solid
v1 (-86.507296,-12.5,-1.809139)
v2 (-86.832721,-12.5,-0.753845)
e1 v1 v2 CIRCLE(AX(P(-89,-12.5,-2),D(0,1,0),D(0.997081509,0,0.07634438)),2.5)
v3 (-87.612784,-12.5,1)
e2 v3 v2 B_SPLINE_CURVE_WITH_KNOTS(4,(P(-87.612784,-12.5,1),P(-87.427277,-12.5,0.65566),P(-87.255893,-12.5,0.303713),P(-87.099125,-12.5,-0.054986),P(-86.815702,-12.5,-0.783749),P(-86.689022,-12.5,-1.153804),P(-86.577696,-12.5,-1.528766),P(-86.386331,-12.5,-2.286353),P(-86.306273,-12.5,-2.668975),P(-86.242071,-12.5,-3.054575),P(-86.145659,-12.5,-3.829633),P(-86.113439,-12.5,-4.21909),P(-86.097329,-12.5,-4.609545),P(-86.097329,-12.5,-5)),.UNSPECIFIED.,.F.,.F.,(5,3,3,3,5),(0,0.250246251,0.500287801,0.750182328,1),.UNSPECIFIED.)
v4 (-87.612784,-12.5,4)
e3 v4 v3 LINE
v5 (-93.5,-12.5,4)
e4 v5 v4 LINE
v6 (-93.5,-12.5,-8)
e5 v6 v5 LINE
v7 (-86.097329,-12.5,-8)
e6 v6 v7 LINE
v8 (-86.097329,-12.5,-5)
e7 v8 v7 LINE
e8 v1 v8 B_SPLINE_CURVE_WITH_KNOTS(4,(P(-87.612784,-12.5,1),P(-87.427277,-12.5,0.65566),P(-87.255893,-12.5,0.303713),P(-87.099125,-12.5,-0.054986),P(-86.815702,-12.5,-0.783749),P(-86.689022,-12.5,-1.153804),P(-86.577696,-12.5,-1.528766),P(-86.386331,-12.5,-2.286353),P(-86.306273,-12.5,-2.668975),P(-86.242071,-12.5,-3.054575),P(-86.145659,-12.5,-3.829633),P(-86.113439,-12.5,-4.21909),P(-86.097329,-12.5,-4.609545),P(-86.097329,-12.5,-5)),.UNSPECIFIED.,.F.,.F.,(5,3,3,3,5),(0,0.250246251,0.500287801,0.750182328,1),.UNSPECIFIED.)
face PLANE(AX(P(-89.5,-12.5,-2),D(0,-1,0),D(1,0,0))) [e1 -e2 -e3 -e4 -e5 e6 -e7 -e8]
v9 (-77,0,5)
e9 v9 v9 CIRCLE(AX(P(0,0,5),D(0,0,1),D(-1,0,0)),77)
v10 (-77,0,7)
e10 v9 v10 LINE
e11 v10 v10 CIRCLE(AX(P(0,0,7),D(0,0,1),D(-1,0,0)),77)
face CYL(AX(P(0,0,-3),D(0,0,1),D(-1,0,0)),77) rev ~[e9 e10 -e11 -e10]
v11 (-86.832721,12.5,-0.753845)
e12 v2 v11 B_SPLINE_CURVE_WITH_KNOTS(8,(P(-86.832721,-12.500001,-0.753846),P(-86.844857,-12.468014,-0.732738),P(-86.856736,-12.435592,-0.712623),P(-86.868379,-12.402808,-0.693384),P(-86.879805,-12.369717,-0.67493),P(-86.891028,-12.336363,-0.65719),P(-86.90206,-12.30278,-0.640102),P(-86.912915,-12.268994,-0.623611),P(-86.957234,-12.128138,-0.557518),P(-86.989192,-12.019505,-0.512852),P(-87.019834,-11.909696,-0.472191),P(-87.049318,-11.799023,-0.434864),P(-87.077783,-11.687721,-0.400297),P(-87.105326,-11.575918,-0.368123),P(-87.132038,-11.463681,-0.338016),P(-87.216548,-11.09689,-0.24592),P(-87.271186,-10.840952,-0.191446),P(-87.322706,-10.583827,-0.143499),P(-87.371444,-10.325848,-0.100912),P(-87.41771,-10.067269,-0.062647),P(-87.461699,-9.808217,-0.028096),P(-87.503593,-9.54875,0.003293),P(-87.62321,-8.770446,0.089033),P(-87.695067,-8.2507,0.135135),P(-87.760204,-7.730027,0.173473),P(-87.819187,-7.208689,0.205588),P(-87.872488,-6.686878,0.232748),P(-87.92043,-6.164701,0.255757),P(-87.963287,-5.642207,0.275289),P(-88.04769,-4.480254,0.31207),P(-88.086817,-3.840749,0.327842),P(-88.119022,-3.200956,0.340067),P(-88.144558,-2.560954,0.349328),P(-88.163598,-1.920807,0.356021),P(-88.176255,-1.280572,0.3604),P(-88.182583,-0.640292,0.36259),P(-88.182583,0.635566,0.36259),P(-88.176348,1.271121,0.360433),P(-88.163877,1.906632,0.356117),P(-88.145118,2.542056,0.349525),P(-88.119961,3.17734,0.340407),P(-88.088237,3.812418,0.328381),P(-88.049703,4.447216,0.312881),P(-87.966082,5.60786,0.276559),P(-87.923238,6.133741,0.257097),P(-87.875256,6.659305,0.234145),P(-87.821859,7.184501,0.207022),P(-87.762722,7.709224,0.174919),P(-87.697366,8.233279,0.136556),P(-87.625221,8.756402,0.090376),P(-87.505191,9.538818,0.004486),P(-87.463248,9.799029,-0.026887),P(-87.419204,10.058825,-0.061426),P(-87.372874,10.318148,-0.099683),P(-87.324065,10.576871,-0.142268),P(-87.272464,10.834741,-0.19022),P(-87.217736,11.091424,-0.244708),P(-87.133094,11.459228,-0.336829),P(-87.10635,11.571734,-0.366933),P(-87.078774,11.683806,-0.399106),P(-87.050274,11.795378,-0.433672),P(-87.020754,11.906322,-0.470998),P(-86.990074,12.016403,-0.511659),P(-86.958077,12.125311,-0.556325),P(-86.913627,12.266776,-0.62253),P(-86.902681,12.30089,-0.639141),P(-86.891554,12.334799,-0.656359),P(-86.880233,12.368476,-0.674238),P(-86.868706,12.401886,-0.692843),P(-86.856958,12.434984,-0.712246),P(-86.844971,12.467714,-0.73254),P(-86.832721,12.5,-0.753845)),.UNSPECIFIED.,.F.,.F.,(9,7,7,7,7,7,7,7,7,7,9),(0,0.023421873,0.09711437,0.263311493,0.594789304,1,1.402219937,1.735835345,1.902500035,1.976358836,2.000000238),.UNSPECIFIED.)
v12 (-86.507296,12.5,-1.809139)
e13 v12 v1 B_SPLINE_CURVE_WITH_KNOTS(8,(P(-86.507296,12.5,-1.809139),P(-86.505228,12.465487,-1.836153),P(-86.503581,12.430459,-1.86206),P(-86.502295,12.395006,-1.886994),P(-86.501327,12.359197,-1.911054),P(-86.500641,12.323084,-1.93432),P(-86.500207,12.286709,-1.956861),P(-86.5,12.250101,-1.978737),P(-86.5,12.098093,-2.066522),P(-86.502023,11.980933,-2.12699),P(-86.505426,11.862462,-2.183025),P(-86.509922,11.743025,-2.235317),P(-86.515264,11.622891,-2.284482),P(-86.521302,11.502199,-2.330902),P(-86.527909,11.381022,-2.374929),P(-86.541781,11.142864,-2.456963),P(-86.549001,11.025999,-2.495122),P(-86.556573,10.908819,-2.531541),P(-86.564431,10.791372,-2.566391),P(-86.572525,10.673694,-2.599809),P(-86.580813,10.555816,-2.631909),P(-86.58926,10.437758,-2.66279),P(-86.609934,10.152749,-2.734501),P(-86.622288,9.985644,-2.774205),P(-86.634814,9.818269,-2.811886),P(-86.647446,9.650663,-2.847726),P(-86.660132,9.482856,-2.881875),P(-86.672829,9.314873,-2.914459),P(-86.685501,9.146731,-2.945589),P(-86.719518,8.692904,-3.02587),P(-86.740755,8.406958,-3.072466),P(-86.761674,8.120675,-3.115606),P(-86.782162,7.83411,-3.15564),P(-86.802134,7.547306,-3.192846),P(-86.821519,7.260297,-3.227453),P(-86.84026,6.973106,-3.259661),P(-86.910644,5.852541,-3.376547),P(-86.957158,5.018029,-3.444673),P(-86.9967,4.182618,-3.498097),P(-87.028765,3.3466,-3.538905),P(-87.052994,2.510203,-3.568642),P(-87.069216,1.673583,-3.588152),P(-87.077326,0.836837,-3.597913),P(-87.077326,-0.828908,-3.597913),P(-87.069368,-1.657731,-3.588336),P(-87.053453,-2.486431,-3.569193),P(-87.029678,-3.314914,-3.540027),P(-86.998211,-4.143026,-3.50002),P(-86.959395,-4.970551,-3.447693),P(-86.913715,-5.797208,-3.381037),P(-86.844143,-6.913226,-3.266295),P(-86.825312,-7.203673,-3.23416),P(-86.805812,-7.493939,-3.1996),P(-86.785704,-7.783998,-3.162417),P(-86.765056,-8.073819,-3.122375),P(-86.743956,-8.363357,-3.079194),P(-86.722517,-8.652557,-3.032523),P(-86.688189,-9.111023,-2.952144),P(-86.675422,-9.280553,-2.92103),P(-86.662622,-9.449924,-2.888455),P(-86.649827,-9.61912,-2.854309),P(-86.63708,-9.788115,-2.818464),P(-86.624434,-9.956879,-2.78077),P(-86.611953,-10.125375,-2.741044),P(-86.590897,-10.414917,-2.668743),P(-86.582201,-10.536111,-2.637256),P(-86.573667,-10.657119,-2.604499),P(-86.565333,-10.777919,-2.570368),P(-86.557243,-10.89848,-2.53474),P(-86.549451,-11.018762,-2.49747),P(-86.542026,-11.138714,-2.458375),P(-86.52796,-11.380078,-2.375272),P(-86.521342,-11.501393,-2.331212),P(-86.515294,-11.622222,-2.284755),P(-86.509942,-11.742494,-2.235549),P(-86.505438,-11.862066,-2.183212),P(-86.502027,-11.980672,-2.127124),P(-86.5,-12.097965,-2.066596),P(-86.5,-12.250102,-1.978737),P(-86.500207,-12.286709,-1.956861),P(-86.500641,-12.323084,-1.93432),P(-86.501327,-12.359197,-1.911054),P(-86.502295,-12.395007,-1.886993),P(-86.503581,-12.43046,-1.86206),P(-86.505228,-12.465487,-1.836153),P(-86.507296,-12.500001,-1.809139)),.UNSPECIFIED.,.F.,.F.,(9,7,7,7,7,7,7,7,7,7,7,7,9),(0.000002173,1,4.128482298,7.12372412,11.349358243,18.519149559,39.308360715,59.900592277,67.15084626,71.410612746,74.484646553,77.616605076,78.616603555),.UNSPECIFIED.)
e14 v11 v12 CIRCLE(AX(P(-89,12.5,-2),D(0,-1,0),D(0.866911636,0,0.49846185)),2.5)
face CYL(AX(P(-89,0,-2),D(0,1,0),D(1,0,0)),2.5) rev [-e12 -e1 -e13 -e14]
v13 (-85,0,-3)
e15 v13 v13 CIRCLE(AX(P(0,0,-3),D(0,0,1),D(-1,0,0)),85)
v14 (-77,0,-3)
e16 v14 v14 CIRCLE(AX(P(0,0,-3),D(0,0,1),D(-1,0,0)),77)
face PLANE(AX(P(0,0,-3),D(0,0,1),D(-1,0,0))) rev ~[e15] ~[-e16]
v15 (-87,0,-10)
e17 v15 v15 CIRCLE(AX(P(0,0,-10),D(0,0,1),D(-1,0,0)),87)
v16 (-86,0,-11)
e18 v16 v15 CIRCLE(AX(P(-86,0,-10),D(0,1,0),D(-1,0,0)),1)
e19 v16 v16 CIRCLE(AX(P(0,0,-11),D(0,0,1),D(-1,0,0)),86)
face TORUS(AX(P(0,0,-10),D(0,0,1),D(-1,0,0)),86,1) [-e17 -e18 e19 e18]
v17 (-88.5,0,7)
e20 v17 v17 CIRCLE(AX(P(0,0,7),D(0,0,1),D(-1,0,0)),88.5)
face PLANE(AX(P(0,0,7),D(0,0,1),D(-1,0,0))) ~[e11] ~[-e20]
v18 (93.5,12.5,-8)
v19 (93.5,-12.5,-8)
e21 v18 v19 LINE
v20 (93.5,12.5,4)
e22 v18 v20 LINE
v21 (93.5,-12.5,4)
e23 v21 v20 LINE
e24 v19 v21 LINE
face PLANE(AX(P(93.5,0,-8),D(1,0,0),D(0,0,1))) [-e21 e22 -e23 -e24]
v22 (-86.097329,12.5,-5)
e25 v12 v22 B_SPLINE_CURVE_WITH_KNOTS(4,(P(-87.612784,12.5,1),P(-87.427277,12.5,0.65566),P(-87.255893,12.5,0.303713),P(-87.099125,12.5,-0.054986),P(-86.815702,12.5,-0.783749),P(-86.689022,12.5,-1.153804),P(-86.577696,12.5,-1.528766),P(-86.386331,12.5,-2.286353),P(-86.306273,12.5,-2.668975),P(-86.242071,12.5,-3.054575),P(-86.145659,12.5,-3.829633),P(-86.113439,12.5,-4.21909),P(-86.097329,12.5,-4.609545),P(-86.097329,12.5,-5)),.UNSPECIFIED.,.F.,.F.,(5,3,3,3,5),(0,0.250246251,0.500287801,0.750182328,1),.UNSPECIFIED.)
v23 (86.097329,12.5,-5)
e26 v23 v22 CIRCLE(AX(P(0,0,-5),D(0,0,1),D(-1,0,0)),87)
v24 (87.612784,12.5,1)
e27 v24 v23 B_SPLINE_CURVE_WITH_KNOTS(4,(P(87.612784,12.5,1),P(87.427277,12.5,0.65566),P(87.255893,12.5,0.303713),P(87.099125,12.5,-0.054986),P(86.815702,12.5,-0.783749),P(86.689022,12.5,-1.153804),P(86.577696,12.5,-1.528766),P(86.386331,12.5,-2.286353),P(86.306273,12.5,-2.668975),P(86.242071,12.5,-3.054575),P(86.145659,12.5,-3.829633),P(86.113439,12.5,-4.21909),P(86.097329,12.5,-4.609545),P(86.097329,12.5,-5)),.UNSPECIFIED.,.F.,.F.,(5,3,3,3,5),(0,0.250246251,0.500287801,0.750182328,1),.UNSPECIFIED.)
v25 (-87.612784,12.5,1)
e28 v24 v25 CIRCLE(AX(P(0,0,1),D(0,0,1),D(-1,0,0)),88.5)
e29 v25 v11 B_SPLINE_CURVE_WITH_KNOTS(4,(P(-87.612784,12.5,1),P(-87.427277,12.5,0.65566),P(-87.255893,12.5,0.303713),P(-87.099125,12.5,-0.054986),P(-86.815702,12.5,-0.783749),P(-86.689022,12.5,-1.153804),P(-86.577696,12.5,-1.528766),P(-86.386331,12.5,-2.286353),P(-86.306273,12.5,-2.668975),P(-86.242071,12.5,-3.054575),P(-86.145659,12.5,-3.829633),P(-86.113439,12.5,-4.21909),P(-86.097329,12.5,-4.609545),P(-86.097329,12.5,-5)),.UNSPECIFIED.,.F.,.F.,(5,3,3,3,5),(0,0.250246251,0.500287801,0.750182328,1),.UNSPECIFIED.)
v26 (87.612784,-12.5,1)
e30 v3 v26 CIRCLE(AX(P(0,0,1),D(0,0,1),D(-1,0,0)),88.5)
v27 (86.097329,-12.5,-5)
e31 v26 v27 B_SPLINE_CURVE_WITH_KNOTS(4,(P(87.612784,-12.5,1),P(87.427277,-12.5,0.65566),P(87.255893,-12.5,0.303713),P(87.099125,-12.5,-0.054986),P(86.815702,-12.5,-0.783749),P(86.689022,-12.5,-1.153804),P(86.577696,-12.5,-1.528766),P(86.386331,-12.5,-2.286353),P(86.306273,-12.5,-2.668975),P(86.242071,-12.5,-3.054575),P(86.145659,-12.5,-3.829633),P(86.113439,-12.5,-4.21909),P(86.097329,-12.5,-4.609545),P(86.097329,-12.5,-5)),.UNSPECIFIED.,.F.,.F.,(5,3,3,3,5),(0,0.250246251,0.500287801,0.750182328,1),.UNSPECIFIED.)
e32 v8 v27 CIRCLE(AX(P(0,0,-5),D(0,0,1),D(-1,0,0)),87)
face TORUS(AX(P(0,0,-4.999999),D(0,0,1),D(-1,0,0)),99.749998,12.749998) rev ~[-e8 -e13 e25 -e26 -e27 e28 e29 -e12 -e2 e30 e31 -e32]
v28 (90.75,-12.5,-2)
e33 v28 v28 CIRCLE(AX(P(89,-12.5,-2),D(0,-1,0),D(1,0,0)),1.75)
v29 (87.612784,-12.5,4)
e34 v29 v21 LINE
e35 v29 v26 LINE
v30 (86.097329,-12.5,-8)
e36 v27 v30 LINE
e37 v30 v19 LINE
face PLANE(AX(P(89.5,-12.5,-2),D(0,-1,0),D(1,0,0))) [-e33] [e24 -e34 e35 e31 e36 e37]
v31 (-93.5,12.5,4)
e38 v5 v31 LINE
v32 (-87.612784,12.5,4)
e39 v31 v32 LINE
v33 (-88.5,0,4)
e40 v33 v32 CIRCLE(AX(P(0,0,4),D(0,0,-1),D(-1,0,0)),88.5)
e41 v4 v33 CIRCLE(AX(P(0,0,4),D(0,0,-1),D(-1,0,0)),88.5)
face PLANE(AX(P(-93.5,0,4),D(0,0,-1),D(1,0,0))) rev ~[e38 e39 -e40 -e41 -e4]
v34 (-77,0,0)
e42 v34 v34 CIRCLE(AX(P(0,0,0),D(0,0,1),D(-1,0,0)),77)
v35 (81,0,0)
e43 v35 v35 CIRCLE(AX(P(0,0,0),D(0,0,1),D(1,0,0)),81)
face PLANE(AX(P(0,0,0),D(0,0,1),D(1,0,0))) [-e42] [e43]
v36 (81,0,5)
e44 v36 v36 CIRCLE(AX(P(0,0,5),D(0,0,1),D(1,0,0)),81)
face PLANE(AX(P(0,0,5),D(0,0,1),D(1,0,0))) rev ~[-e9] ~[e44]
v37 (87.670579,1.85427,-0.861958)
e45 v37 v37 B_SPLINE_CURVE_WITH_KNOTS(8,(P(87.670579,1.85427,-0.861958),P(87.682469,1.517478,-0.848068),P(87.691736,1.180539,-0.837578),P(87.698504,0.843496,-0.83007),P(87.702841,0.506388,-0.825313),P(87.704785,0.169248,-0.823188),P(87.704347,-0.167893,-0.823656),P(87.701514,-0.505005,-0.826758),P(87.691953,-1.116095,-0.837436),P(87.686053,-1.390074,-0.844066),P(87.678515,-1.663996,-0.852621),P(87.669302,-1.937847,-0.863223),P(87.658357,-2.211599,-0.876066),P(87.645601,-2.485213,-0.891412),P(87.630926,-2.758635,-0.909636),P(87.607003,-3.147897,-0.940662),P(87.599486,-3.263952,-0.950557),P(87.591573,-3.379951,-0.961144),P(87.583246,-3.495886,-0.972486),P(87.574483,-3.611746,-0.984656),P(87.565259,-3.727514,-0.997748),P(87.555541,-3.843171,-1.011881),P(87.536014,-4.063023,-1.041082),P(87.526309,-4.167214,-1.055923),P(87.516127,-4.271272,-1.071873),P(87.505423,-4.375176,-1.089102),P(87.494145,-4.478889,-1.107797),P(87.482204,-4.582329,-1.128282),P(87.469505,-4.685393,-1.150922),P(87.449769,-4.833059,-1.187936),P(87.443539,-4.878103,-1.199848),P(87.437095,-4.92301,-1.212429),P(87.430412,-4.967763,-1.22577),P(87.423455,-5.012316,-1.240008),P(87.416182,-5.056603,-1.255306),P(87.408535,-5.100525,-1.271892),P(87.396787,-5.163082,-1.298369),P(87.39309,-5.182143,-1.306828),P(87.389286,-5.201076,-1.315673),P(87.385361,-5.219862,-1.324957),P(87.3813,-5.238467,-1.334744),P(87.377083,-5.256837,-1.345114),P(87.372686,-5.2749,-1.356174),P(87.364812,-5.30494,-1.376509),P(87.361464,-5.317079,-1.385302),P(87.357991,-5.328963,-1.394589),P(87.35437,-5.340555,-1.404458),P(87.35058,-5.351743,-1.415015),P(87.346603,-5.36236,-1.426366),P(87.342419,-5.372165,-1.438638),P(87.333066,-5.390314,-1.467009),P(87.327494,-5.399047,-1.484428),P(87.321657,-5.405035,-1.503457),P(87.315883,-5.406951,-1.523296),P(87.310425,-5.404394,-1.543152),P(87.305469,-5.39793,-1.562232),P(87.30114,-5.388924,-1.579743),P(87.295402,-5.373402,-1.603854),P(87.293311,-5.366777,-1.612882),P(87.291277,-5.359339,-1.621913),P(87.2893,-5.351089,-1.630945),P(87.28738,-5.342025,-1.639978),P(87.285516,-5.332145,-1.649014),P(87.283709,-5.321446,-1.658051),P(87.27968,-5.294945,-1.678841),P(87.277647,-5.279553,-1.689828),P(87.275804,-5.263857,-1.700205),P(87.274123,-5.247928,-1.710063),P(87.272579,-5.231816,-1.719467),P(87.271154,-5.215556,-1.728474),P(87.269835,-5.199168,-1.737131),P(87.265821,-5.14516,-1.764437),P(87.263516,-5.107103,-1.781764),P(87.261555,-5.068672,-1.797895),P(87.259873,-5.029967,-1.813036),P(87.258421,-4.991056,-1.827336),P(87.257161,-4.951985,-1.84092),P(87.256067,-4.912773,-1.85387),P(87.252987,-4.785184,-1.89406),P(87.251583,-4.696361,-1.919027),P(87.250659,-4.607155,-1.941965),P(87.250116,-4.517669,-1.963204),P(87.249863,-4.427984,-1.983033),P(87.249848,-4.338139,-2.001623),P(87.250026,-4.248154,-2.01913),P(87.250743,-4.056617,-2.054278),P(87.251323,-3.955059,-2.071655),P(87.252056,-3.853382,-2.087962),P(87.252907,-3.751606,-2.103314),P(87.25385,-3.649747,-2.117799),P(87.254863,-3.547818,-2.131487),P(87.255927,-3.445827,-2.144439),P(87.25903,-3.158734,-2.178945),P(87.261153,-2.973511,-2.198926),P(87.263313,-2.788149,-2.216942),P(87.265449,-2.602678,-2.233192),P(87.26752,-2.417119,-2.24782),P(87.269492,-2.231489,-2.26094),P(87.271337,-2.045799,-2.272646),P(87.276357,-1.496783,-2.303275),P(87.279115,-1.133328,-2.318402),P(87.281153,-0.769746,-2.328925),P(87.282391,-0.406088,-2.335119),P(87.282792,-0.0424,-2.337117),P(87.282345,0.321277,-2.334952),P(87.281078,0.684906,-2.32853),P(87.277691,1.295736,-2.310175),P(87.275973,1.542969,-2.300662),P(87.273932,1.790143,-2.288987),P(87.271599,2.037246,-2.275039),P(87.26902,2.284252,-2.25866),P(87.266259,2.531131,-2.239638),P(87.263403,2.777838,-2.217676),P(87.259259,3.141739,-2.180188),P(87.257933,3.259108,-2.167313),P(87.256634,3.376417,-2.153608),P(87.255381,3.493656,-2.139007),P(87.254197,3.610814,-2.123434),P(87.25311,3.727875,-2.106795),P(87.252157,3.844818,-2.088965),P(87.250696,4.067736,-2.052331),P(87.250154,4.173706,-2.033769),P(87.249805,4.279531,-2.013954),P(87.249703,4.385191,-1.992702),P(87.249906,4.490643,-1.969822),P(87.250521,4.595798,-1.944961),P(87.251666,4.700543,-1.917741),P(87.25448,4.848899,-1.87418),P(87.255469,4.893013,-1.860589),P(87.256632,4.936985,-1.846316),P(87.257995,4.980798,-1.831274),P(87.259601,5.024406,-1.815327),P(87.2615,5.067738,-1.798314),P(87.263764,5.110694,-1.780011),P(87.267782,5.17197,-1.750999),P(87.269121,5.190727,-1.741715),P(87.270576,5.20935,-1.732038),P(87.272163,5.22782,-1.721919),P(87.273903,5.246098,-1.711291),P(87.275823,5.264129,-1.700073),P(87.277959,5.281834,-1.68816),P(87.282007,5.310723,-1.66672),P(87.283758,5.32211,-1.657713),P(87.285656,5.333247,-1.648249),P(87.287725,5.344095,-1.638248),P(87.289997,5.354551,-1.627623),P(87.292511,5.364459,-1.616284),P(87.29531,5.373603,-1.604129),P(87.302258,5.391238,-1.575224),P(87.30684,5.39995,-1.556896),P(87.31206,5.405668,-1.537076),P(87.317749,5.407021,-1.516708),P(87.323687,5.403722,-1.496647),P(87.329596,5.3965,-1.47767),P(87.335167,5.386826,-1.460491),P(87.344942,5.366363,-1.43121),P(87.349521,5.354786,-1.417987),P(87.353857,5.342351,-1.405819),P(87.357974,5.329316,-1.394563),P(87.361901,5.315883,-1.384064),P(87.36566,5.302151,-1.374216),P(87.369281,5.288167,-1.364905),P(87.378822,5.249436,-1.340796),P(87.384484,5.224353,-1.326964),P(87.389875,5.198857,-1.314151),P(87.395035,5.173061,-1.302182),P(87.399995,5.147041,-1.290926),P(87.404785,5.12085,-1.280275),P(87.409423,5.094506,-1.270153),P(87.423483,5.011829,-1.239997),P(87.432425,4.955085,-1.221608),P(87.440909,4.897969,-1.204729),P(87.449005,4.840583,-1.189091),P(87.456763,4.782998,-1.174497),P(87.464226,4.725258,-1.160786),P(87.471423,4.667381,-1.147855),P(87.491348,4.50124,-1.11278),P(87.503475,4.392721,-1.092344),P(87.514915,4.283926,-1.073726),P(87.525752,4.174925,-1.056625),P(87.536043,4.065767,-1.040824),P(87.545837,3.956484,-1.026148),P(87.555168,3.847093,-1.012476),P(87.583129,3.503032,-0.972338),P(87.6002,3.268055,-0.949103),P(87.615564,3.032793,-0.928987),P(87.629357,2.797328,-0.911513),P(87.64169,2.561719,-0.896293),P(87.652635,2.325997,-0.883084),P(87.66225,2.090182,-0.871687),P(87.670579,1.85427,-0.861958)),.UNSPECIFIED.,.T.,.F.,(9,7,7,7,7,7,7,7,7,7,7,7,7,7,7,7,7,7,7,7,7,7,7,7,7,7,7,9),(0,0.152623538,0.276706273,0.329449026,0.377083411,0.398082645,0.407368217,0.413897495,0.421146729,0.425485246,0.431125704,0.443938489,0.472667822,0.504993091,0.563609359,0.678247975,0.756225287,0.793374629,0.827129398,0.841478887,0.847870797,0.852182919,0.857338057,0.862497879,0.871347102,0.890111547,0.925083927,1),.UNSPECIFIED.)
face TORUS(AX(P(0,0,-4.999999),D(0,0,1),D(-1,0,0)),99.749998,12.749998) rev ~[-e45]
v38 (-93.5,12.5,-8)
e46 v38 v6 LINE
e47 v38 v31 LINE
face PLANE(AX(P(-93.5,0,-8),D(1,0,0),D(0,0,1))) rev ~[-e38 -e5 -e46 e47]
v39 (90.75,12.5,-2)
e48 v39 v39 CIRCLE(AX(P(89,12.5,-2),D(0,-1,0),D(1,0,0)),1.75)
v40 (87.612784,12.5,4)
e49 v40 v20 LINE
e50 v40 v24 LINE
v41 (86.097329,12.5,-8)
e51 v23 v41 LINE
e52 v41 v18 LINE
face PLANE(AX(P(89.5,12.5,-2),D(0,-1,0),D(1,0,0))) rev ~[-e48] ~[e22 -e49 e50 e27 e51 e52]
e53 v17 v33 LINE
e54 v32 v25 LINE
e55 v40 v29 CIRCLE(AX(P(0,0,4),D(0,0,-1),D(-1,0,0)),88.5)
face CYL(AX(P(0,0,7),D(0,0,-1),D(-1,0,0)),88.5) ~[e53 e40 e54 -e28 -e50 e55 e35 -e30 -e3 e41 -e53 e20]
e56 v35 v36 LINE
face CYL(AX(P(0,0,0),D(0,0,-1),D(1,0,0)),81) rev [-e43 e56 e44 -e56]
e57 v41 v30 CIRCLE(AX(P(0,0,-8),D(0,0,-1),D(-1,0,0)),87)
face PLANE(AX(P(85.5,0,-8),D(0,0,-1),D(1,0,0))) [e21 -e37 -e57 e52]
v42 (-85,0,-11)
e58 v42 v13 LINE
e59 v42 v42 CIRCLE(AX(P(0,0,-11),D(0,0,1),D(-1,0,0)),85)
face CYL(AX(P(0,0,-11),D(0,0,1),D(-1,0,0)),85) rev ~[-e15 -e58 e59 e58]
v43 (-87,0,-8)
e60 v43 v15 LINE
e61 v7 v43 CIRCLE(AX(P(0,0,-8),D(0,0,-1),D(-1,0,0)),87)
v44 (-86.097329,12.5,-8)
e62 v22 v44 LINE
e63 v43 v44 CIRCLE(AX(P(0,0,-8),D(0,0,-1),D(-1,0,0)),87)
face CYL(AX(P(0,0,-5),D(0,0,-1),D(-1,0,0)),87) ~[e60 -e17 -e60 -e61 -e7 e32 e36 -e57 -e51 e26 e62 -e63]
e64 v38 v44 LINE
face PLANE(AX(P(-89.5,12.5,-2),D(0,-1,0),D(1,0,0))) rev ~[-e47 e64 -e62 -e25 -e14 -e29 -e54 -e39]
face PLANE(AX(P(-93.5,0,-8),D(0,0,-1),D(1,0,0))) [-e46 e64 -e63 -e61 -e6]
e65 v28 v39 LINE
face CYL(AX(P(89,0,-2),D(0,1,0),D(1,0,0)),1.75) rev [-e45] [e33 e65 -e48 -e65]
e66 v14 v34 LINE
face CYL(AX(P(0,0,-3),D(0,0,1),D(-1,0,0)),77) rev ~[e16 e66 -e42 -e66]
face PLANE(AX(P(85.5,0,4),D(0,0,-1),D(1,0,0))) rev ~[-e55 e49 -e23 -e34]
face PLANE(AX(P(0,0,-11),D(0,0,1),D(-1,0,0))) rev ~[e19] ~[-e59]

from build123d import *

# Parameters (mm, degrees)
F2_R     = 81
F3_DEPTH = 5
F4_R     = 1
F5_W     = 8
F5_H     = 12
F5_R     = 2.5
F7_DEPTH = 12.5
F6_W     = 8
F6_H     = 12
F6_R     = 1.75
F8_DEPTH = 12.5


with BuildPart() as f1:
    # F0 (on Front) → F1 (revolve)
    with BuildSketch(Plane.XZ):
        with BuildLine():
            Line((-85, -3), (-77, -3))
            Line((-77, -3), (-77, 0))
            Line((-77, 0), (-77, 7))
            Line((-77, 7), (-88.5, 7))
            Line((-88.5, 7), (-88.5, 1))
            ThreePointArc((-88.5, 1), (-87.380683, -1.907671), (-87, -5))
            Line((-87, -5), (-87, -11))
            Line((-87, -11), (-85, -11))
            Line((-85, -11), (-85, -3))
        make_face()
    revolve(axis=Axis((0, 0, -0.2651), (0, 0, 1)))

    # F2 (on Top) → F3 (cut)
    with BuildSketch(Plane.XY):
        Circle(F2_R)
    extrude(amount=F3_DEPTH, mode=Mode.SUBTRACT)

    # F4
    f4_edges = [f1.edges().sort_by_distance(p)[0] for p in [
        (87, 0, -11),
    ]]
    fillet(f4_edges, radius=F4_R)

    # F5 (on Front) → F7 (join, symmetric)
    with BuildSketch(Plane.XZ):
        with Locations((-89.5, -2)):
            Rectangle(F5_W, F5_H)
        with Locations((-89, -2)):
            Circle(F5_R, mode=Mode.SUBTRACT)
    extrude(amount=F7_DEPTH, both=True)

    # F6 (on Front) → F8 (join, symmetric)
    with BuildSketch(Plane.XZ):
        with Locations((89.5, -2)):
            Rectangle(F6_W, F6_H)
        with Locations((89, -2)):
            Circle(F6_R, mode=Mode.SUBTRACT)
    extrude(amount=F8_DEPTH, both=True)


solid = f1.part
